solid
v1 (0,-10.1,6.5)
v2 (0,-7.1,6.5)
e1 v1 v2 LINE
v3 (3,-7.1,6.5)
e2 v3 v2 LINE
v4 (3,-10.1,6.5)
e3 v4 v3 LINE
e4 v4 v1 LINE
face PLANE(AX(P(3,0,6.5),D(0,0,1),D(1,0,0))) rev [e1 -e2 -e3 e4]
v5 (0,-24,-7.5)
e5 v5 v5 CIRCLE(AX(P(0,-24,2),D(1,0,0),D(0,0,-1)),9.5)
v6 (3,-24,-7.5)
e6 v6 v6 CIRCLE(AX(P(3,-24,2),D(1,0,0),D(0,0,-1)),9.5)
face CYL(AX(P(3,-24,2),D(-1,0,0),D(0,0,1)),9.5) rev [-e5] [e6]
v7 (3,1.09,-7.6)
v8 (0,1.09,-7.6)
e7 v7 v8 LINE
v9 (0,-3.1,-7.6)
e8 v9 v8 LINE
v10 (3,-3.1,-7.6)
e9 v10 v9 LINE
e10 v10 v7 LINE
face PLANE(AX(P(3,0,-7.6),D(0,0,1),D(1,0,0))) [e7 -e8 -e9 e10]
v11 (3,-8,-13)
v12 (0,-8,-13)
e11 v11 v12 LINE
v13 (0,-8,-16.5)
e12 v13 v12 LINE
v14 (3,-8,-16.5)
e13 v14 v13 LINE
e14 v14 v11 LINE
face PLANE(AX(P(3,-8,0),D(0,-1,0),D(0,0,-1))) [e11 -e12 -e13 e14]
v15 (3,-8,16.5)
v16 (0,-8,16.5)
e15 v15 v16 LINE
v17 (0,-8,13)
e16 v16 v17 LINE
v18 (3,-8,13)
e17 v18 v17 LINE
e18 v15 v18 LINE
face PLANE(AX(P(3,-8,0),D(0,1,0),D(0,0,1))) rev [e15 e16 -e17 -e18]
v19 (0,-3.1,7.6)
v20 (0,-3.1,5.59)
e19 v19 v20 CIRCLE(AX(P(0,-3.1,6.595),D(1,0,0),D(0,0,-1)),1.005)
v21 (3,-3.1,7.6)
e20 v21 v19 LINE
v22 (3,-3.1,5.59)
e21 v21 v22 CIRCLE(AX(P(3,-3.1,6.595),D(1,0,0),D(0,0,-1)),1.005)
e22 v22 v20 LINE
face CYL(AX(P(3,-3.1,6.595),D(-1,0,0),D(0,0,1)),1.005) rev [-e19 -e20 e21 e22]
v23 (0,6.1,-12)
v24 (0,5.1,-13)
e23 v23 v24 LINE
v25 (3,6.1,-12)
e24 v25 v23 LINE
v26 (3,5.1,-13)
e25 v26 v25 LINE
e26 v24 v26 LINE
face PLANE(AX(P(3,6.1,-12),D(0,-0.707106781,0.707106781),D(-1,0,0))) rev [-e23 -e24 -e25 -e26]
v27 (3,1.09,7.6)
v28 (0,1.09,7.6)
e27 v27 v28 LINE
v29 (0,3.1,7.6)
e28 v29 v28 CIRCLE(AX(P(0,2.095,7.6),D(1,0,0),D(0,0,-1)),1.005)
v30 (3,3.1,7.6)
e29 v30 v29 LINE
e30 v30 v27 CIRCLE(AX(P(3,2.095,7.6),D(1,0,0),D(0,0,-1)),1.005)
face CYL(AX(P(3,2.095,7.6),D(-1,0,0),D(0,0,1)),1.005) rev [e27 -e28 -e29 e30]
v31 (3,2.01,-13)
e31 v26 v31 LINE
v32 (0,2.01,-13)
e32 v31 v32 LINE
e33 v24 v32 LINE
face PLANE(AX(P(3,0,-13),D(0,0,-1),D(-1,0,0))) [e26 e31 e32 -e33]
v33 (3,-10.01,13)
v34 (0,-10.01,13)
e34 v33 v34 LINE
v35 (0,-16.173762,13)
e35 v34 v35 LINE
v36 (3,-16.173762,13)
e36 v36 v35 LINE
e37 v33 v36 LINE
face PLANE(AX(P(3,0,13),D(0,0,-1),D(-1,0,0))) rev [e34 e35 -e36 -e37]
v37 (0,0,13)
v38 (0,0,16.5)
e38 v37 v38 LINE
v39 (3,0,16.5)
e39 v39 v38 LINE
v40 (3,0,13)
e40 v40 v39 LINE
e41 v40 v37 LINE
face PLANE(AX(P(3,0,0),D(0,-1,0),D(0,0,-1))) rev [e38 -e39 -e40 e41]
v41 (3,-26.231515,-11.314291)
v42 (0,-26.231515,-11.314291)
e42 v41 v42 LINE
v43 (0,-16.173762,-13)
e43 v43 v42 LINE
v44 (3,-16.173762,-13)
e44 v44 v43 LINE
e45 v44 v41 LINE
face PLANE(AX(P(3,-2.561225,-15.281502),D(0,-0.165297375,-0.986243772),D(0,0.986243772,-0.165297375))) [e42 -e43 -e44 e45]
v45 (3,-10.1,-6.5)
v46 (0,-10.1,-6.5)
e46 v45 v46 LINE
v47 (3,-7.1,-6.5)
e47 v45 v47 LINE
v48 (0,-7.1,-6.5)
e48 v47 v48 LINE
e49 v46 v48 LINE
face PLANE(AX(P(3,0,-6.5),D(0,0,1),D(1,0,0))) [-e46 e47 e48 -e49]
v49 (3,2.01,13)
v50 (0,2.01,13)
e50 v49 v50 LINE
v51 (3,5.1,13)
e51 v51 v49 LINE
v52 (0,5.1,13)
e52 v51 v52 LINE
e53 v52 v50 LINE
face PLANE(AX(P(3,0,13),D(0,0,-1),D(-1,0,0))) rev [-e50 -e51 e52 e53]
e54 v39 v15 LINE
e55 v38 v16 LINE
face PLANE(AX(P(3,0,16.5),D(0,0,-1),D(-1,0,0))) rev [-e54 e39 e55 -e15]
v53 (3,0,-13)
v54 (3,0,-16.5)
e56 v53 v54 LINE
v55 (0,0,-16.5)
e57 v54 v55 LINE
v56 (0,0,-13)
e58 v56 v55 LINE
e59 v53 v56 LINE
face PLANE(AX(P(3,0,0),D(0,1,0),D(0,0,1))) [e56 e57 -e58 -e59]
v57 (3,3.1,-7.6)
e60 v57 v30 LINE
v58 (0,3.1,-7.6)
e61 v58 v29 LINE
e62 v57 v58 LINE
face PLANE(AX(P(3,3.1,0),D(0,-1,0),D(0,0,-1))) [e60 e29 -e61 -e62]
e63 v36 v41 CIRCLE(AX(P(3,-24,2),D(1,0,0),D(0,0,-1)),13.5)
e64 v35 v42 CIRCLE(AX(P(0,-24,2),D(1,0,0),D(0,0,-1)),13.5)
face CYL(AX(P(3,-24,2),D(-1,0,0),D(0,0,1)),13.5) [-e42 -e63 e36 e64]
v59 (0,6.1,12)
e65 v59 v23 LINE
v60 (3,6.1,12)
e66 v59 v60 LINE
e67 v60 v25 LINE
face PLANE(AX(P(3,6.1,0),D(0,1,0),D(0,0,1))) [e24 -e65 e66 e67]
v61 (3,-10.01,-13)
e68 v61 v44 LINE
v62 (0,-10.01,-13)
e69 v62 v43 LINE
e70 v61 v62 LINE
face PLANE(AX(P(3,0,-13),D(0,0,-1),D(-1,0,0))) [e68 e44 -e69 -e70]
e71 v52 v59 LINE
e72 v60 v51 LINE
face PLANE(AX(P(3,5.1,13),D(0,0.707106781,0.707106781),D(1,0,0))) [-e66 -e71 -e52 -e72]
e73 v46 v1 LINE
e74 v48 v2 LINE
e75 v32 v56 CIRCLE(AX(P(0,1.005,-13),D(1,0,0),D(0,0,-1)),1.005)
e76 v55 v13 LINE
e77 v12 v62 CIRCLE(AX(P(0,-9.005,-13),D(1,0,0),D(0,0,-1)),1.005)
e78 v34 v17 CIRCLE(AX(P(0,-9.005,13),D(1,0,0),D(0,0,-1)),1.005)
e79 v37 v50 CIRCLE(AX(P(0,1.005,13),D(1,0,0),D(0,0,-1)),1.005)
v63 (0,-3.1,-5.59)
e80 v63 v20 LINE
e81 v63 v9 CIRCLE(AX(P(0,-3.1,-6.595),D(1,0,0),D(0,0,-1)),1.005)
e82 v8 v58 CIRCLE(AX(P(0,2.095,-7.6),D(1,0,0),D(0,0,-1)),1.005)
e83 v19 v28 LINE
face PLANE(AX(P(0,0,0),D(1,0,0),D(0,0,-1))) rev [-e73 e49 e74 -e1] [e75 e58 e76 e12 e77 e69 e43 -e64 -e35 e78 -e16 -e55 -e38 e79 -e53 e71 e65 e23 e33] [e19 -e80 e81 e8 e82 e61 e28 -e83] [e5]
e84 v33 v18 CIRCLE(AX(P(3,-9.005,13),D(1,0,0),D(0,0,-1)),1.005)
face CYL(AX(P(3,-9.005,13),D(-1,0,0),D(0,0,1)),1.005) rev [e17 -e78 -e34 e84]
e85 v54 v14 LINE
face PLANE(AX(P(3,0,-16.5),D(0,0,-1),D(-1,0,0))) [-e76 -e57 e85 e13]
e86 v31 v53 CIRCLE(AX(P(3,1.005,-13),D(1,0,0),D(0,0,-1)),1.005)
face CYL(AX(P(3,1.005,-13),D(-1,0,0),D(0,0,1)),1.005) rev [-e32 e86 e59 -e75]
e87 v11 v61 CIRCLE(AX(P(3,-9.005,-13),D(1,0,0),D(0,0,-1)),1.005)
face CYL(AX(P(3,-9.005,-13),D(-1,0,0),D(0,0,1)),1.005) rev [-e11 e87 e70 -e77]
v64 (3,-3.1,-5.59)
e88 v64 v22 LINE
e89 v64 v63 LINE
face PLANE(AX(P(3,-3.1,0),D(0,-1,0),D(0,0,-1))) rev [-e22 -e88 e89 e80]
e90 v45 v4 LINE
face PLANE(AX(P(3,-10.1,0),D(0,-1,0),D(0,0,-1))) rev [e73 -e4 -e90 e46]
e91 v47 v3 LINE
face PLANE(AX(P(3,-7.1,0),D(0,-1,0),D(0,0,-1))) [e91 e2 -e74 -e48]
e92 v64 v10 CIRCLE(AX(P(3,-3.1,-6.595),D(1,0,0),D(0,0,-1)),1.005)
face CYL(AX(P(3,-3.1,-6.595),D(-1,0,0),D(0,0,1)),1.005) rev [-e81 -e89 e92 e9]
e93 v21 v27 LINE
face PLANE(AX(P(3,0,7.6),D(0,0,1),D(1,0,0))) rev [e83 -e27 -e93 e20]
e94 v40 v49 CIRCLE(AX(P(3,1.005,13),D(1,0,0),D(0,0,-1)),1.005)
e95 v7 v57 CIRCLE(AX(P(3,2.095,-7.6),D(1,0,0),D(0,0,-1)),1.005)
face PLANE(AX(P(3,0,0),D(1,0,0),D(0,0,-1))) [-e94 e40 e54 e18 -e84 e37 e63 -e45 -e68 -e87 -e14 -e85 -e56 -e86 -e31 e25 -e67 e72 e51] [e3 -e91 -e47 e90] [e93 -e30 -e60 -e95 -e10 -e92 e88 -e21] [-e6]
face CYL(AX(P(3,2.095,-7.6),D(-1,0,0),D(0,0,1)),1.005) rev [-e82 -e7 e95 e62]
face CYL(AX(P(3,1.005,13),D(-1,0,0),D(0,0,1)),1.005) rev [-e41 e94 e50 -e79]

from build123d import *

# Parameters (mm, degrees)
SKETCH_1_R      = 9.5
SKETCH_1_W      = 13
SKETCH_1_H      = 3
EXTRUDE_1_DEPTH = 3
CHAMFER_1_SIZE  = 1


with BuildPart() as part:
    # 草图1 → 凸台-拉伸1 (new body)
    with BuildSketch(Plane(origin=(0, 0, 0), x_dir=(0, 0, -1), z_dir=(1, 0, 0))):
        with BuildLine():
            Line((13, 6.1), (-13, 6.1))
            Line((-13, 6.1), (-13, 2.01))
            ThreePointArc((-13, 2.01), (-12.289357685, 1.715642315), (-11.995, 1.005))
            ThreePointArc((-11.995, 1.005), (-12.289357685, 0.294357685), (-13, 0))
            Line((-13, 0), (-16.5, 0))
            Line((-16.5, 0), (-16.5, -8))
            Line((-16.5, -8), (-13, -8))
            ThreePointArc((-13, -8), (-12.289357685, -8.294357685), (-11.995, -9.005))
            ThreePointArc((-11.995, -9.005), (-12.289357685, -9.715642315), (-13, -10.01))
            Line((-13, -10.01), (-13, -16.173762079))
            ThreePointArc((-13, -16.173762079), (-7.16028893, -36.474831388), (11.314290923, -26.231514557))
            Line((11.314290923, -26.231514557), (13, -16.173762079))
            Line((13, -16.173762079), (13, -10.01))
            ThreePointArc((13, -10.01), (11.995, -9.005), (13, -8))
            Line((13, -8), (16.5, -8))
            Line((16.5, -8), (16.5, 0))
            Line((16.5, 0), (13, 0))
            ThreePointArc((13, 0), (11.995, 1.005), (13, 2.01))
            Line((13, 2.01), (13, 6.1))
        make_face()
        with Locations((-2, -24)):
            Circle(SKETCH_1_R, mode=Mode.SUBTRACT)
        with Locations((0, -8.6)):
            Rectangle(SKETCH_1_W, SKETCH_1_H, mode=Mode.SUBTRACT)
        with BuildLine():
            Line((5.59, -3.1), (-5.59, -3.1))
            ThreePointArc((-5.59, -3.1), (-6.595, -4.105), (-7.6, -3.1))
            Line((-7.6, -3.1), (-7.6, 1.09))
            ThreePointArc((-7.6, 1.09), (-8.605, 2.095), (-7.6, 3.1))
            Line((-7.6, 3.1), (7.6, 3.1))
            ThreePointArc((7.6, 3.1), (8.310642315, 2.805642315), (8.605, 2.095))
            ThreePointArc((8.605, 2.095), (8.310642315, 1.384357685), (7.6, 1.09))
            Line((7.6, 1.09), (7.6, -3.1))
            ThreePointArc((7.6, -3.1), (6.595, -4.105), (5.59, -3.1))
        make_face(mode=Mode.SUBTRACT)
    extrude(amount=EXTRUDE_1_DEPTH)

    # 倒角1
    chamfer_1_edges = [part.edges().sort_by_distance(p)[0] for p in [
        (1.5, 6.1, 13),
        (1.5, 6.1, -13),
    ]]
    chamfer(chamfer_1_edges, length=CHAMFER_1_SIZE)


solid = part.part
